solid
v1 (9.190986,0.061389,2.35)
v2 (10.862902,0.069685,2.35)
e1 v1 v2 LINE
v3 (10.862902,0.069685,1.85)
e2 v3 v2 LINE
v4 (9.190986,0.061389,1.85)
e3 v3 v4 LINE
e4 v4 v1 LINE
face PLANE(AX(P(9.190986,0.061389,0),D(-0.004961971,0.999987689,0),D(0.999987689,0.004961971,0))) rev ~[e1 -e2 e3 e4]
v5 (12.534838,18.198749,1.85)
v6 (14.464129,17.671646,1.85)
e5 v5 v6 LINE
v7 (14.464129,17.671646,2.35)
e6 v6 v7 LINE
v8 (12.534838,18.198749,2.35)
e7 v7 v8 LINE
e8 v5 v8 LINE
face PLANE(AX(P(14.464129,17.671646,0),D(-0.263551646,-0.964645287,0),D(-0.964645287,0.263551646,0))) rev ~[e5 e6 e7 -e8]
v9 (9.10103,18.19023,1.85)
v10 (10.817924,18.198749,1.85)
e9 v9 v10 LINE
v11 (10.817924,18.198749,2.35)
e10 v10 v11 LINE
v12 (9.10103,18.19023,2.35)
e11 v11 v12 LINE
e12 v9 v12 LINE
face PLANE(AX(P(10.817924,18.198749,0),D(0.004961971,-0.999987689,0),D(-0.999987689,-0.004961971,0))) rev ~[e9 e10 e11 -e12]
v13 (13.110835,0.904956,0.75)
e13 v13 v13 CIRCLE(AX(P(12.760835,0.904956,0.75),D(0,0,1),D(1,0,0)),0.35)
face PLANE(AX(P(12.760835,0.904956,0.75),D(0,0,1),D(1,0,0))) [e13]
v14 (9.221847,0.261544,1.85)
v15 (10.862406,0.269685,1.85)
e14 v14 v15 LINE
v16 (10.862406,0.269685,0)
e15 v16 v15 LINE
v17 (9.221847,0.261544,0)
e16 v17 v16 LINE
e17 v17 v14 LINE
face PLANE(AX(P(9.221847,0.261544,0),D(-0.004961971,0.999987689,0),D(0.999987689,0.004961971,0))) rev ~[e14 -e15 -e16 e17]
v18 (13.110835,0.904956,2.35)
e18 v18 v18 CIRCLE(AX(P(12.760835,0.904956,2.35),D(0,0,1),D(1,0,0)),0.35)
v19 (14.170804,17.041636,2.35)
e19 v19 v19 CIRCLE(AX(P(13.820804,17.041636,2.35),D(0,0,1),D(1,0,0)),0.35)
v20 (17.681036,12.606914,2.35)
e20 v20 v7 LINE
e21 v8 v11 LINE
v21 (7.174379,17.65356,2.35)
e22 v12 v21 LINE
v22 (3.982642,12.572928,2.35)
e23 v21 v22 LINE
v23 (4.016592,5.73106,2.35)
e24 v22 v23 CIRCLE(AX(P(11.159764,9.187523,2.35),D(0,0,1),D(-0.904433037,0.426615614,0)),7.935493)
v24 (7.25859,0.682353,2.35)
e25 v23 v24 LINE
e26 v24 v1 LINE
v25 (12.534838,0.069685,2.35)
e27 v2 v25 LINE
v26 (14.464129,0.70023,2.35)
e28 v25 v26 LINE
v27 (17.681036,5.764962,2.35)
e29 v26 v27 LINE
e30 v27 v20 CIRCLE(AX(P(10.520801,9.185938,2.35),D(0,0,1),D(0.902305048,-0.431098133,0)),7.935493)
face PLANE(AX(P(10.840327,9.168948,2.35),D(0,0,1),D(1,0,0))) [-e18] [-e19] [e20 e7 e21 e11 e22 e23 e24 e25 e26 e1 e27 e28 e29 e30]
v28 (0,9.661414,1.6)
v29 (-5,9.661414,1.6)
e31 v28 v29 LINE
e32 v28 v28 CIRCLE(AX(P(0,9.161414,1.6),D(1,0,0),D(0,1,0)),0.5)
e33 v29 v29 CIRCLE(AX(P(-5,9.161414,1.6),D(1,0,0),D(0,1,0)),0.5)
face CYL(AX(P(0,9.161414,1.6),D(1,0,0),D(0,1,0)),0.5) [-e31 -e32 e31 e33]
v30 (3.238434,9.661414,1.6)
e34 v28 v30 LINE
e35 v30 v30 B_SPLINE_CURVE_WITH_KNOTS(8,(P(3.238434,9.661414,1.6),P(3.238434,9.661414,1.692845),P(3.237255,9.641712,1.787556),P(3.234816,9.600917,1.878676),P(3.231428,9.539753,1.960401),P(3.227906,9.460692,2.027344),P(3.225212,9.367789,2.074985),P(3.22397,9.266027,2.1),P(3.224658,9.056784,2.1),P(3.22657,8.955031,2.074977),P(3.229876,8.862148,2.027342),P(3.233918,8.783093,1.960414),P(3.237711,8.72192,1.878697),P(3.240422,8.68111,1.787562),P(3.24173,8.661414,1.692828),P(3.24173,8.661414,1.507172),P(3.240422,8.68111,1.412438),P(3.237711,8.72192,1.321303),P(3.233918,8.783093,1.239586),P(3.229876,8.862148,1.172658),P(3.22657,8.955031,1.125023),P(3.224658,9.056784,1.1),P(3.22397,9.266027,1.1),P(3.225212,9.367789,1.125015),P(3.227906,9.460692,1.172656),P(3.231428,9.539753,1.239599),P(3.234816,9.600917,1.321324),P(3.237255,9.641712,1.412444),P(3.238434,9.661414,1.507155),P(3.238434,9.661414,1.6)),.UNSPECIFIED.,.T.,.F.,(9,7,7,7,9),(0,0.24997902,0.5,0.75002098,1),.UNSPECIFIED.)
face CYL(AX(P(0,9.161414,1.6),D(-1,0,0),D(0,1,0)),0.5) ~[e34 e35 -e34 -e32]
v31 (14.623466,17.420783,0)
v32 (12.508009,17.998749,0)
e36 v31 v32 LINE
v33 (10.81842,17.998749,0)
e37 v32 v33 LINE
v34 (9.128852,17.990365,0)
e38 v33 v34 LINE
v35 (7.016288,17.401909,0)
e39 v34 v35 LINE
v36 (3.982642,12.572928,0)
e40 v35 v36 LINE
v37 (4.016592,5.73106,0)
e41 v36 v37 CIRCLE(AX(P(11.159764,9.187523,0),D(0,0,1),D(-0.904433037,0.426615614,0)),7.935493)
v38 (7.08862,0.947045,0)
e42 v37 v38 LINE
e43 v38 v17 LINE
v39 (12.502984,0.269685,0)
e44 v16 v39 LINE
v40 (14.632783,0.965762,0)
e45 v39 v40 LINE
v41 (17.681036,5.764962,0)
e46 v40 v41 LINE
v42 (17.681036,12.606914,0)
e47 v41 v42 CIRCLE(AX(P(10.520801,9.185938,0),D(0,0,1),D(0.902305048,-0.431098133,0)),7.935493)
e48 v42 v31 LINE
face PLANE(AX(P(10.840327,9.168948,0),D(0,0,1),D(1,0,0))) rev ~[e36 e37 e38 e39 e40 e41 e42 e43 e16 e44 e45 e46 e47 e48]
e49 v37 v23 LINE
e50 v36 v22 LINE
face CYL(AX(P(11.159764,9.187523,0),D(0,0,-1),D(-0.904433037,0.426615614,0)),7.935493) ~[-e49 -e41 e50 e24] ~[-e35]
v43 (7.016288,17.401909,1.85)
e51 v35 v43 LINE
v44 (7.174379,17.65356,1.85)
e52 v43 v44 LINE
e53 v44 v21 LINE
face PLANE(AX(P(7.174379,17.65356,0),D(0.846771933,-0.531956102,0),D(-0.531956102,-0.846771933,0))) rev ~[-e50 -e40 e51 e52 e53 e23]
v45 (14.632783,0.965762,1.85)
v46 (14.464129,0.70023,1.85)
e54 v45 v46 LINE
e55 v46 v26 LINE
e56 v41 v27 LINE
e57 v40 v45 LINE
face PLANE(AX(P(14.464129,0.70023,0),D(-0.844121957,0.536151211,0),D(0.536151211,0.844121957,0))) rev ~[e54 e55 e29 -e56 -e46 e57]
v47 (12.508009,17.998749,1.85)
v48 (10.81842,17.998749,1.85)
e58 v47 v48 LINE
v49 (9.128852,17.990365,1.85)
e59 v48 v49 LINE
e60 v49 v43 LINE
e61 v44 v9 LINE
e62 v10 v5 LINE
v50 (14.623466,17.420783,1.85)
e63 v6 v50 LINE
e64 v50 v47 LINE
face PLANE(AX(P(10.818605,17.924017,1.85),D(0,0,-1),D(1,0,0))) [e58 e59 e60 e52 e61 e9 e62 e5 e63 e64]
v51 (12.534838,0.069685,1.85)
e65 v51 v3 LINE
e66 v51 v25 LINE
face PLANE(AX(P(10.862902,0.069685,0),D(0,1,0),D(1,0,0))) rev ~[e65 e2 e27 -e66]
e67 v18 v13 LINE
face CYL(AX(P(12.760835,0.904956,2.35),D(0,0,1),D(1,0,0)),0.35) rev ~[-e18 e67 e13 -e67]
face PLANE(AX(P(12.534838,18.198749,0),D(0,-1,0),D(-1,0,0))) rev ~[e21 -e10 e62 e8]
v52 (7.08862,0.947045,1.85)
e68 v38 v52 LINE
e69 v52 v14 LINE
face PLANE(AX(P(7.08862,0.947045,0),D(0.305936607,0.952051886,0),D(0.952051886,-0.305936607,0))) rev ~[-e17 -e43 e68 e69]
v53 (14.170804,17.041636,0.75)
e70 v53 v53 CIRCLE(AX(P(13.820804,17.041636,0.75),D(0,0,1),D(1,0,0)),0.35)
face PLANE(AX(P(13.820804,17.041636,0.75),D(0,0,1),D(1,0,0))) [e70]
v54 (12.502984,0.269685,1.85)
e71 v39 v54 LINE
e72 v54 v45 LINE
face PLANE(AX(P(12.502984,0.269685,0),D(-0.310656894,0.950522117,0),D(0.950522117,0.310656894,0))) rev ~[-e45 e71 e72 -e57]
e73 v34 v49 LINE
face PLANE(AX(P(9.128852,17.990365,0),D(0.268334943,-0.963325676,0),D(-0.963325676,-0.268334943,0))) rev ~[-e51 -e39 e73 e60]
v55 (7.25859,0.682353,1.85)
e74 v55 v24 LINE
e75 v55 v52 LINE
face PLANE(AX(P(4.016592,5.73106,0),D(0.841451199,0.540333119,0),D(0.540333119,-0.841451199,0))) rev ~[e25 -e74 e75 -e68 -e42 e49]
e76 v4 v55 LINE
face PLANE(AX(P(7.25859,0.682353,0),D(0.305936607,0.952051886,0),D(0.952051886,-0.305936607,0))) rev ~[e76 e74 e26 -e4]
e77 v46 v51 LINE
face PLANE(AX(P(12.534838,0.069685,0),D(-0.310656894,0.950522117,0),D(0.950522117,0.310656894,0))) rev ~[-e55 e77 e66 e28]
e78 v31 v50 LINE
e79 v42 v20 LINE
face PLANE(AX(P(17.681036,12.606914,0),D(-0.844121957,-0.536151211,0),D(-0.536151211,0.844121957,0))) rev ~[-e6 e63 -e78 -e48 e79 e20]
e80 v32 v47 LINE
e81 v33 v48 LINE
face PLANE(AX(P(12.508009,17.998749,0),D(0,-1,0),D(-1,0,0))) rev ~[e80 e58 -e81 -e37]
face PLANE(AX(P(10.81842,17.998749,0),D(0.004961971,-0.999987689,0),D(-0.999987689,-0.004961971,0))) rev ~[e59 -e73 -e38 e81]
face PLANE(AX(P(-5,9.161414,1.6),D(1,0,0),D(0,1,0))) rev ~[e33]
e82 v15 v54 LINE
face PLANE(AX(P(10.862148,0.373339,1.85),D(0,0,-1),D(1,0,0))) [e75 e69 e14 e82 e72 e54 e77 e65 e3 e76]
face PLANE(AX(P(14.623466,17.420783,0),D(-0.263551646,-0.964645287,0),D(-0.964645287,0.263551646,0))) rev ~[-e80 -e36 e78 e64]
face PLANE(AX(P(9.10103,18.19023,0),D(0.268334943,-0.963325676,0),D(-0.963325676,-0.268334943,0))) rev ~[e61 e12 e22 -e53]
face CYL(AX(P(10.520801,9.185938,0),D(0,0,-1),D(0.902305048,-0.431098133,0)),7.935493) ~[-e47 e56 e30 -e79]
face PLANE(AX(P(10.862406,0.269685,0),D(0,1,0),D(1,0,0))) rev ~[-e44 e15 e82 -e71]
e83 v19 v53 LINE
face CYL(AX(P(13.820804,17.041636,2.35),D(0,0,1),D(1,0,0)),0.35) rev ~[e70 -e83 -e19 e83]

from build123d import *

# Parameters (mm, degrees)
F1_DEPTH      = 2.35
F2_R          = 0.5
F3_DEPTH      = 5
F3_DEPTH_BACK = 5
F5_DEPTH      = 1.85
F6_R          = 0.35
F7_DEPTH      = 1.6


with BuildPart() as f1:
    # F0 (on Top) → F1 (new body)
    with BuildSketch(Plane.XY):
        with BuildLine():
            Line((12.5348381698, 18.1987490505), (10.8179235831, 18.1987490505))
            Line((10.8179235831, 18.1987490505), (9.1010301327, 18.1902297699))
            Line((9.1010301327, 18.1902297699), (7.1743787806, 17.653559883))
            Line((7.1743787806, 17.653559883), (3.98264217, 12.5729282876))
            ThreePointArc((3.98264217, 12.5729282876), (3.2243689245, 9.1481475257), (4.0165917388, 5.7310603752))
            Line((4.0165917388, 5.7310603752), (7.2585904547, 0.6823531817))
            Line((7.2585904547, 0.6823531817), (9.1909860265, 0.0613885547))
            Line((9.1909860265, 0.0613885547), (10.8629018068, 0.0696846546))
            Line((10.8629018068, 0.0696846546), (12.5348381698, 0.0696846546))
            Line((12.5348381698, 0.0696846546), (14.464128744, 0.7002301281))
            Line((14.464128744, 0.7002301281), (17.6810360095, 5.7649618728))
            ThreePointArc((17.6810360095, 5.7649618728), (18.4562935833, 9.1859379434), (17.6810360095, 12.606914014))
            Line((17.6810360095, 12.606914014), (14.464128744, 17.6716457586))
            Line((14.464128744, 17.6716457586), (12.5348381698, 18.1987490505))
        make_face()
    extrude(amount=F1_DEPTH)

    # F2 (on Right) → F3 (join, two sides)
    with BuildSketch(Plane.YZ) as f3_sk:
        with Locations((9.1614143501, 1.6)):
            Circle(F2_R)
    extrude(amount=F3_DEPTH)
    extrude(f3_sk.sketch, amount=-F3_DEPTH_BACK)

    # F4 (on face) → F5 (cut)
    with BuildSketch(Plane(origin=(0, 0, 0), x_dir=(1, 0, 0), z_dir=(0, 0, -1))):
        Polygon((7.2585904547, -0.6823531817), (7.0886202668, -0.9470447456), (9.2218469568, -0.2615441498), (10.8624056067, -0.2696846546), (12.5029844531, -0.2696846546), (14.6327834476, -0.9657618207), (14.464128744, -0.7002301281), (12.5348381698, -0.0696846546), (10.8629018068, -0.0696846546), (9.1909860265, -0.0613885547), align=None)
        Polygon((9.1288516348, -17.9903653589), (7.0162878227, -17.401909445), (7.1743787806, -17.653559883), (9.1010301327, -18.1902297699), (10.8179235831, -18.1987490505), (12.5348381698, -18.1987490505), (14.464128744, -17.6716457586), (14.623466438, -17.4207828614), (12.5080087317, -17.9987490505), (10.8184197833, -17.9987490505), align=None)
    extrude(amount=-F5_DEPTH, mode=Mode.SUBTRACT)

    # F6 (on face) → F7 (cut)
    with BuildSketch(Plane.XY.offset(2.35)):
        with Locations((12.7608353453, 0.9049560811)):
            Circle(F6_R)
        with Locations((13.8208036158, 17.0416355185)):
            Circle(F6_R)
    extrude(amount=-F7_DEPTH, mode=Mode.SUBTRACT)


solid = f1.part
